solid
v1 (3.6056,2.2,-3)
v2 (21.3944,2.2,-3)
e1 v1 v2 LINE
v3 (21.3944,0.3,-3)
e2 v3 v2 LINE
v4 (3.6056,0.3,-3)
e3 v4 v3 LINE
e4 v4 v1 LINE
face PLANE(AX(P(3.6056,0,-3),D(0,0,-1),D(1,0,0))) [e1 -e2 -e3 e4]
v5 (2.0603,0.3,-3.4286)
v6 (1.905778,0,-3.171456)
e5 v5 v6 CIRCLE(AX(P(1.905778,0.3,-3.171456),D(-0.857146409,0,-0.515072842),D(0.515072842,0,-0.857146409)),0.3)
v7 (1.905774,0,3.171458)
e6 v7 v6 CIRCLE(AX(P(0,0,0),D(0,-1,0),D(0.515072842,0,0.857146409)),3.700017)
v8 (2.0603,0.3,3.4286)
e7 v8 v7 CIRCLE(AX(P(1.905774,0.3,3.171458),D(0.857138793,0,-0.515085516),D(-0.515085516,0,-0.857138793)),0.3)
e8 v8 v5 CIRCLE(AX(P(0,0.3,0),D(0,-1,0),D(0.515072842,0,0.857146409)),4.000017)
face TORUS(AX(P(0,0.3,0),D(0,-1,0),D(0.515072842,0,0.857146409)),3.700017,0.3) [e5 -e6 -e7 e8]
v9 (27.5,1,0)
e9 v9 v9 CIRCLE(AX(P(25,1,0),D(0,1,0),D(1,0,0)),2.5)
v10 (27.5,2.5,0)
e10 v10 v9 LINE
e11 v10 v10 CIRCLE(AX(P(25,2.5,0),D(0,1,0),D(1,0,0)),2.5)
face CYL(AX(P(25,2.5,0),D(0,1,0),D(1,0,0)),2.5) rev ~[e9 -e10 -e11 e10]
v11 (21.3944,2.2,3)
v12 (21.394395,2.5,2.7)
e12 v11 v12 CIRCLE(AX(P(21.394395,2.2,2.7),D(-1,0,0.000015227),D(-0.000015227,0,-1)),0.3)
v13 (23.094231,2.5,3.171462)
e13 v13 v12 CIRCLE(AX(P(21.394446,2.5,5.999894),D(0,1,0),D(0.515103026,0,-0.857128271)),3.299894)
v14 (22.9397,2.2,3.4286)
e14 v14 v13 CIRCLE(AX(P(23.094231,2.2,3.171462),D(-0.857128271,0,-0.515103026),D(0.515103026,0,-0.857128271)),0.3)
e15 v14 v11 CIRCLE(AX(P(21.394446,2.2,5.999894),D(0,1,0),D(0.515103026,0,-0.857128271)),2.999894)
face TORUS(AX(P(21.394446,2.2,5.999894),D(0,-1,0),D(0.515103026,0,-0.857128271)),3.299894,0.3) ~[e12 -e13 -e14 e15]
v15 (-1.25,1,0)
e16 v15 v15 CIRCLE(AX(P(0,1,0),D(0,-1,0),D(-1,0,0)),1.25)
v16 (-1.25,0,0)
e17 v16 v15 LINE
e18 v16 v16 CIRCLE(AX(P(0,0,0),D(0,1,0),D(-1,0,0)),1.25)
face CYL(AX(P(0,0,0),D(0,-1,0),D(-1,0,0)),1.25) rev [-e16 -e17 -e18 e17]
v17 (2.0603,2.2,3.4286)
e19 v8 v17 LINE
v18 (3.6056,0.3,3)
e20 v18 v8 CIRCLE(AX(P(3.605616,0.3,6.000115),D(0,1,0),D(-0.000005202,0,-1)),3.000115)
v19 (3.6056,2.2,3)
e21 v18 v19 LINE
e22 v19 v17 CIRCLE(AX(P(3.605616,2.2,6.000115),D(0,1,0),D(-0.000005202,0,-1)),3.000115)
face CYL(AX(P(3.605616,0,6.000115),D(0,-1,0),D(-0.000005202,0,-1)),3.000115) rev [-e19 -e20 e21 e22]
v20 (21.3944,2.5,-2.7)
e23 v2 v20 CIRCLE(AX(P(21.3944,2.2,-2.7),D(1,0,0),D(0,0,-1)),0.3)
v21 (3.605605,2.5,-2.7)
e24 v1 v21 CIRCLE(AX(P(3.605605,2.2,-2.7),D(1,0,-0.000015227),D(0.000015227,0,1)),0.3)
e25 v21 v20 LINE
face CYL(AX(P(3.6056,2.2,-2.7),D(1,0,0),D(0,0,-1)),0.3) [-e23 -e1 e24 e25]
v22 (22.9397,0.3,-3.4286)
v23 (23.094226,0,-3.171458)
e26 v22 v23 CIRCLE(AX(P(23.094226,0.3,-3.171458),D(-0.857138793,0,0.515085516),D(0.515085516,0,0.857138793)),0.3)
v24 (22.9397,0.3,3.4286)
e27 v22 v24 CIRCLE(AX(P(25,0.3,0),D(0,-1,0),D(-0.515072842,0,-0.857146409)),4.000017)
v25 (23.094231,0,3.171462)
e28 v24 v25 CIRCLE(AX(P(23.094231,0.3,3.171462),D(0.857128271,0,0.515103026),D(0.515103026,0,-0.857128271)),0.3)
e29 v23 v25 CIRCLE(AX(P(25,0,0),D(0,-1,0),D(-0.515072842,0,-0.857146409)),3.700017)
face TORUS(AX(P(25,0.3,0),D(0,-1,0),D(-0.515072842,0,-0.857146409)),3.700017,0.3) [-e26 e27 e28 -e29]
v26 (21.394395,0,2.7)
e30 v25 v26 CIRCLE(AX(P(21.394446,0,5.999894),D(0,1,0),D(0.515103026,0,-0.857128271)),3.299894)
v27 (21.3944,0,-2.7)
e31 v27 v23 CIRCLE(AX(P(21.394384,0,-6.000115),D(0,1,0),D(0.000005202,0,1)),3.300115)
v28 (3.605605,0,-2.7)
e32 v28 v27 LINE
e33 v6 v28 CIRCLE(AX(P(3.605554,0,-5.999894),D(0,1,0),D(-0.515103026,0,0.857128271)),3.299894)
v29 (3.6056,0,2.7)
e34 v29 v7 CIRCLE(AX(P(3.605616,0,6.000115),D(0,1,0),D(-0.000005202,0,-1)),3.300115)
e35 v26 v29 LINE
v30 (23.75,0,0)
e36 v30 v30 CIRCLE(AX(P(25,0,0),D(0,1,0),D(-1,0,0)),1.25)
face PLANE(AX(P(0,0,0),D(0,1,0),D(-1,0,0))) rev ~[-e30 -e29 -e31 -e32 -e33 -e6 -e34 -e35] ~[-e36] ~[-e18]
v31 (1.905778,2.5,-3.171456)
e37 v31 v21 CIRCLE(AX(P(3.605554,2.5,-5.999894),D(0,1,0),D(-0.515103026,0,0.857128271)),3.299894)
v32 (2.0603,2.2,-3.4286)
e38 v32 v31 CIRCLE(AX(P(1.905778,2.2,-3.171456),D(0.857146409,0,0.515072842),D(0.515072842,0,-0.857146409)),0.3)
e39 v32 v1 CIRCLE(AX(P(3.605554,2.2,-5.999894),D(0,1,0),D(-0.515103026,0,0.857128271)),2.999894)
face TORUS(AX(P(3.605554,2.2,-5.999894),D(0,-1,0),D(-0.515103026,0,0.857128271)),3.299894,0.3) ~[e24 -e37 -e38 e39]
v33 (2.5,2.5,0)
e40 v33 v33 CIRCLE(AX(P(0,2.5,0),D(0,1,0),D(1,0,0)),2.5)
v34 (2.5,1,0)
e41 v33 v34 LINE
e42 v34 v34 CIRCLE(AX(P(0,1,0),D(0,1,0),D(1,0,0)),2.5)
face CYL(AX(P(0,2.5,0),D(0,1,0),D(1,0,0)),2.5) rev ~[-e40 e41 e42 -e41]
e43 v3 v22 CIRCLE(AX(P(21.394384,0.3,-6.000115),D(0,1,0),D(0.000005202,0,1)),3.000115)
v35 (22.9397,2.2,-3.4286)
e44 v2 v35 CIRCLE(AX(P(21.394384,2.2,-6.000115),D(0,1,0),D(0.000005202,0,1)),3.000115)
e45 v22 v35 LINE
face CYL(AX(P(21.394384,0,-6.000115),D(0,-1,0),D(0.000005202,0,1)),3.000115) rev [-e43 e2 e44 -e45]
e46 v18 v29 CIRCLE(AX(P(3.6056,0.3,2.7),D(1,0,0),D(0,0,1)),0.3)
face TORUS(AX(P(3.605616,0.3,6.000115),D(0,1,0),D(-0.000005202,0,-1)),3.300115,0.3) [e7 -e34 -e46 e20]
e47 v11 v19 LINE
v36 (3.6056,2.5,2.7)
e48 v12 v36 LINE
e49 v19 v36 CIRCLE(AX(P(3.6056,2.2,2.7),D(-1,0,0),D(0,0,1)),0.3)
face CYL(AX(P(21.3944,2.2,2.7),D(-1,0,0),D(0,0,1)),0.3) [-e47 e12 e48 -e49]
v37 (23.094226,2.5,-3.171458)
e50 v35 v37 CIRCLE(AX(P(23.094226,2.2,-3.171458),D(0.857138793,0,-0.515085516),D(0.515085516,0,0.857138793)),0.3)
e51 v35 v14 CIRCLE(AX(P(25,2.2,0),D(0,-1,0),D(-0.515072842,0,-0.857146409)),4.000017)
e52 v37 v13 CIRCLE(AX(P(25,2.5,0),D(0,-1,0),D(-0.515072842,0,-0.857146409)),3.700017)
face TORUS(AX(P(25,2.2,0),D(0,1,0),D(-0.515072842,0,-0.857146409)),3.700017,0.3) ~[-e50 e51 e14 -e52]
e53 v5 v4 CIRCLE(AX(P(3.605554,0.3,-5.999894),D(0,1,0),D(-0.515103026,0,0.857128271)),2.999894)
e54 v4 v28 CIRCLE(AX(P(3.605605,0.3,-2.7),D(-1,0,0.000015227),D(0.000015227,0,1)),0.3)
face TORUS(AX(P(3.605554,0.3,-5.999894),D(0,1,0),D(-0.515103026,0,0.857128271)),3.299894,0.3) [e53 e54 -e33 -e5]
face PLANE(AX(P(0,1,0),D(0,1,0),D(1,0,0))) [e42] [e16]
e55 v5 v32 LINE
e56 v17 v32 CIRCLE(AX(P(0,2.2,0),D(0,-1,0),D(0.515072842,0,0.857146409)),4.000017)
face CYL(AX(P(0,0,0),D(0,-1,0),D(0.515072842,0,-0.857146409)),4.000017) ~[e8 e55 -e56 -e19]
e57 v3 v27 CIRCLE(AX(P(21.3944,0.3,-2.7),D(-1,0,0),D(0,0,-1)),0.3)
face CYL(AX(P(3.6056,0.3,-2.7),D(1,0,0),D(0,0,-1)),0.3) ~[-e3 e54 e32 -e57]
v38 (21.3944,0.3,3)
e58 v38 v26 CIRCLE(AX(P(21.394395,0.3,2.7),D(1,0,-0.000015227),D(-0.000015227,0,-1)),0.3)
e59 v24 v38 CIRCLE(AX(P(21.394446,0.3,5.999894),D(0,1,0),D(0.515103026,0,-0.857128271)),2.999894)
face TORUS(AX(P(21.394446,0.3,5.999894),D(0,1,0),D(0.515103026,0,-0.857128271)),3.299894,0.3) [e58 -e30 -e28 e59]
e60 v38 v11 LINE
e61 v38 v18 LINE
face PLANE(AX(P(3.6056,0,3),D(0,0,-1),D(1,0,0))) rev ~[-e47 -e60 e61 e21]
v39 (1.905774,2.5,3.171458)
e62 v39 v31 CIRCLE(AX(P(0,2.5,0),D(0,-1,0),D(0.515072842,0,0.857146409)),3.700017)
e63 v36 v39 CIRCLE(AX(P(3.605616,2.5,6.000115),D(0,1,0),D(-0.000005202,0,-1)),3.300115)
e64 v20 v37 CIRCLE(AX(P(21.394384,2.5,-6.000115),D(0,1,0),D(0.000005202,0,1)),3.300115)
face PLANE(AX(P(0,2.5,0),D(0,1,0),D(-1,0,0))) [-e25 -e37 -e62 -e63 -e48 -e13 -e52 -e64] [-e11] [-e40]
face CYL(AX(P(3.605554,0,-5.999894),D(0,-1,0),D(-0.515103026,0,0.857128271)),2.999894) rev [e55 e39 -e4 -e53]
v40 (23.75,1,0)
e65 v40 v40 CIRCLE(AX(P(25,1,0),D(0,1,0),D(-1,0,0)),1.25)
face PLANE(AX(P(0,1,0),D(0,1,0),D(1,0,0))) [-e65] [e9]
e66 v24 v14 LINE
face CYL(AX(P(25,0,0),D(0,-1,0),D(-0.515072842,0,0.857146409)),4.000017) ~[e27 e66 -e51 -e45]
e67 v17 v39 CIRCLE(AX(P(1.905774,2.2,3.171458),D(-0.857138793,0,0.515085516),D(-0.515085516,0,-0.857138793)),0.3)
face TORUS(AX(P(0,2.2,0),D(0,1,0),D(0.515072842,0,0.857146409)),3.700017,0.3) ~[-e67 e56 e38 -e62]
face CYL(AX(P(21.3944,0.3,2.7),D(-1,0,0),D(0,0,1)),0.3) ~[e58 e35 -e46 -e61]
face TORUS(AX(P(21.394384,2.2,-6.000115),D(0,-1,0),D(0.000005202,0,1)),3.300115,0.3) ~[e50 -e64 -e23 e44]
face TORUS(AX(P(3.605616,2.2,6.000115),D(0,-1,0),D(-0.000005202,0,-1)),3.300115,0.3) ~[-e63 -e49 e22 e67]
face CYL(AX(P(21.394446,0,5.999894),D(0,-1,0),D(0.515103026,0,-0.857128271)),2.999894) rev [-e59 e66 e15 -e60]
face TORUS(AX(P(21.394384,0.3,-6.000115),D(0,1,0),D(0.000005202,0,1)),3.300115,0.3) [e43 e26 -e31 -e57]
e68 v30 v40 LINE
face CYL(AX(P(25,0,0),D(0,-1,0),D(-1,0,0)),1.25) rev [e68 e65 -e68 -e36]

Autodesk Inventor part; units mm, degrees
ref_plane "YZ Plane" through (0, 0, 0) normal (1, 0, 0) x (0, 1, 0)
ref_plane "XZ Plane" through (0, 0, 0) normal (0, 1, 0) x (-1, 0, 0)
ref_plane "XY Plane" through (0, 0, 0) normal (0, 0, 1) x (1, 0, 0)
sketch "Esboço1" plane through (0, 0, 0) normal (0, 1, 0) x (-1, 0, 0)
  circle A0 centre (0, 0) radius 1.25
  arc A1 (-2.0603, -3.4286) -> (-2.0603, 3.4286) centre (0, 0) ccw
  circle A2 centre (-25, 0) radius 1.25
  arc A3 (-22.9397, 3.4286) -> (-22.9397, -3.4286) centre (-25, 0) ccw
  line L0 (-3.6056, -3) -> (-21.3944, -3)
  line L1 (-3.6056, 3) -> (-21.3944, 3)
  arc A4 (-2.0603, -3.4286) -> (-3.6056, -3) centre (-3.6056, -6) ccw
  arc A5 (-3.6056, 3) -> (-2.0603, 3.4286) centre (-3.6056, 6) ccw
  arc A6 (-21.3944, -3) -> (-22.9397, -3.4286) centre (-21.3944, -6) ccw
  arc A7 (-22.9397, 3.4286) -> (-21.3944, 3) centre (-21.3944, 6) ccw
  point P0 (-2.6458, -3)
  point P1 (-22.3542, -3)
  point P2 (-2.6458, 3)
  point P3 (-22.3542, 3)
  dimension "d1" = 2.5
  dimension "d3" = 6
  dimension "d5" = 3
  dimension "d6" = 25
  dimension "d10" = 4
extrude "Extrusão1" add sketch "Esboço1" along normal blind 2.5
fillet "Arredondamento1" radius 0.3 16 edges at (22.1962, 0, 3.1091) (29, 0, 0) (22.1962, 0, -3.1091) (12.5, 0, -3) (2.8038, 0, -3.1091) (-4, 0, 0) (2.8038, 0, 3.1091) (12.5, 0, 3) (22.1962, 2.5, 3.1091) (29, 2.5, 0) (22.1962, 2.5, -3.1091) (12.5, 2.5, -3) (2.8038, 2.5, -3.1091) (-4, 2.5, 0) (2.8038, 2.5, 3.1091) (12.5, 2.5, 3)
sketch "Esboço2" plane through (0, 2.5, 0) normal (0, 1, 0) x (1, 0, 0)
  circle A0 centre (0, 0) radius 2.5
  circle A1 centre (25, 0) radius 1.25 projected
  circle A2 centre (25, 0) radius 2.5
  dimension "d11" = 5
extrude "Extrusão2" cut sketch "Esboço2" against normal blind 1.5
properties part number "_3DPrint"
